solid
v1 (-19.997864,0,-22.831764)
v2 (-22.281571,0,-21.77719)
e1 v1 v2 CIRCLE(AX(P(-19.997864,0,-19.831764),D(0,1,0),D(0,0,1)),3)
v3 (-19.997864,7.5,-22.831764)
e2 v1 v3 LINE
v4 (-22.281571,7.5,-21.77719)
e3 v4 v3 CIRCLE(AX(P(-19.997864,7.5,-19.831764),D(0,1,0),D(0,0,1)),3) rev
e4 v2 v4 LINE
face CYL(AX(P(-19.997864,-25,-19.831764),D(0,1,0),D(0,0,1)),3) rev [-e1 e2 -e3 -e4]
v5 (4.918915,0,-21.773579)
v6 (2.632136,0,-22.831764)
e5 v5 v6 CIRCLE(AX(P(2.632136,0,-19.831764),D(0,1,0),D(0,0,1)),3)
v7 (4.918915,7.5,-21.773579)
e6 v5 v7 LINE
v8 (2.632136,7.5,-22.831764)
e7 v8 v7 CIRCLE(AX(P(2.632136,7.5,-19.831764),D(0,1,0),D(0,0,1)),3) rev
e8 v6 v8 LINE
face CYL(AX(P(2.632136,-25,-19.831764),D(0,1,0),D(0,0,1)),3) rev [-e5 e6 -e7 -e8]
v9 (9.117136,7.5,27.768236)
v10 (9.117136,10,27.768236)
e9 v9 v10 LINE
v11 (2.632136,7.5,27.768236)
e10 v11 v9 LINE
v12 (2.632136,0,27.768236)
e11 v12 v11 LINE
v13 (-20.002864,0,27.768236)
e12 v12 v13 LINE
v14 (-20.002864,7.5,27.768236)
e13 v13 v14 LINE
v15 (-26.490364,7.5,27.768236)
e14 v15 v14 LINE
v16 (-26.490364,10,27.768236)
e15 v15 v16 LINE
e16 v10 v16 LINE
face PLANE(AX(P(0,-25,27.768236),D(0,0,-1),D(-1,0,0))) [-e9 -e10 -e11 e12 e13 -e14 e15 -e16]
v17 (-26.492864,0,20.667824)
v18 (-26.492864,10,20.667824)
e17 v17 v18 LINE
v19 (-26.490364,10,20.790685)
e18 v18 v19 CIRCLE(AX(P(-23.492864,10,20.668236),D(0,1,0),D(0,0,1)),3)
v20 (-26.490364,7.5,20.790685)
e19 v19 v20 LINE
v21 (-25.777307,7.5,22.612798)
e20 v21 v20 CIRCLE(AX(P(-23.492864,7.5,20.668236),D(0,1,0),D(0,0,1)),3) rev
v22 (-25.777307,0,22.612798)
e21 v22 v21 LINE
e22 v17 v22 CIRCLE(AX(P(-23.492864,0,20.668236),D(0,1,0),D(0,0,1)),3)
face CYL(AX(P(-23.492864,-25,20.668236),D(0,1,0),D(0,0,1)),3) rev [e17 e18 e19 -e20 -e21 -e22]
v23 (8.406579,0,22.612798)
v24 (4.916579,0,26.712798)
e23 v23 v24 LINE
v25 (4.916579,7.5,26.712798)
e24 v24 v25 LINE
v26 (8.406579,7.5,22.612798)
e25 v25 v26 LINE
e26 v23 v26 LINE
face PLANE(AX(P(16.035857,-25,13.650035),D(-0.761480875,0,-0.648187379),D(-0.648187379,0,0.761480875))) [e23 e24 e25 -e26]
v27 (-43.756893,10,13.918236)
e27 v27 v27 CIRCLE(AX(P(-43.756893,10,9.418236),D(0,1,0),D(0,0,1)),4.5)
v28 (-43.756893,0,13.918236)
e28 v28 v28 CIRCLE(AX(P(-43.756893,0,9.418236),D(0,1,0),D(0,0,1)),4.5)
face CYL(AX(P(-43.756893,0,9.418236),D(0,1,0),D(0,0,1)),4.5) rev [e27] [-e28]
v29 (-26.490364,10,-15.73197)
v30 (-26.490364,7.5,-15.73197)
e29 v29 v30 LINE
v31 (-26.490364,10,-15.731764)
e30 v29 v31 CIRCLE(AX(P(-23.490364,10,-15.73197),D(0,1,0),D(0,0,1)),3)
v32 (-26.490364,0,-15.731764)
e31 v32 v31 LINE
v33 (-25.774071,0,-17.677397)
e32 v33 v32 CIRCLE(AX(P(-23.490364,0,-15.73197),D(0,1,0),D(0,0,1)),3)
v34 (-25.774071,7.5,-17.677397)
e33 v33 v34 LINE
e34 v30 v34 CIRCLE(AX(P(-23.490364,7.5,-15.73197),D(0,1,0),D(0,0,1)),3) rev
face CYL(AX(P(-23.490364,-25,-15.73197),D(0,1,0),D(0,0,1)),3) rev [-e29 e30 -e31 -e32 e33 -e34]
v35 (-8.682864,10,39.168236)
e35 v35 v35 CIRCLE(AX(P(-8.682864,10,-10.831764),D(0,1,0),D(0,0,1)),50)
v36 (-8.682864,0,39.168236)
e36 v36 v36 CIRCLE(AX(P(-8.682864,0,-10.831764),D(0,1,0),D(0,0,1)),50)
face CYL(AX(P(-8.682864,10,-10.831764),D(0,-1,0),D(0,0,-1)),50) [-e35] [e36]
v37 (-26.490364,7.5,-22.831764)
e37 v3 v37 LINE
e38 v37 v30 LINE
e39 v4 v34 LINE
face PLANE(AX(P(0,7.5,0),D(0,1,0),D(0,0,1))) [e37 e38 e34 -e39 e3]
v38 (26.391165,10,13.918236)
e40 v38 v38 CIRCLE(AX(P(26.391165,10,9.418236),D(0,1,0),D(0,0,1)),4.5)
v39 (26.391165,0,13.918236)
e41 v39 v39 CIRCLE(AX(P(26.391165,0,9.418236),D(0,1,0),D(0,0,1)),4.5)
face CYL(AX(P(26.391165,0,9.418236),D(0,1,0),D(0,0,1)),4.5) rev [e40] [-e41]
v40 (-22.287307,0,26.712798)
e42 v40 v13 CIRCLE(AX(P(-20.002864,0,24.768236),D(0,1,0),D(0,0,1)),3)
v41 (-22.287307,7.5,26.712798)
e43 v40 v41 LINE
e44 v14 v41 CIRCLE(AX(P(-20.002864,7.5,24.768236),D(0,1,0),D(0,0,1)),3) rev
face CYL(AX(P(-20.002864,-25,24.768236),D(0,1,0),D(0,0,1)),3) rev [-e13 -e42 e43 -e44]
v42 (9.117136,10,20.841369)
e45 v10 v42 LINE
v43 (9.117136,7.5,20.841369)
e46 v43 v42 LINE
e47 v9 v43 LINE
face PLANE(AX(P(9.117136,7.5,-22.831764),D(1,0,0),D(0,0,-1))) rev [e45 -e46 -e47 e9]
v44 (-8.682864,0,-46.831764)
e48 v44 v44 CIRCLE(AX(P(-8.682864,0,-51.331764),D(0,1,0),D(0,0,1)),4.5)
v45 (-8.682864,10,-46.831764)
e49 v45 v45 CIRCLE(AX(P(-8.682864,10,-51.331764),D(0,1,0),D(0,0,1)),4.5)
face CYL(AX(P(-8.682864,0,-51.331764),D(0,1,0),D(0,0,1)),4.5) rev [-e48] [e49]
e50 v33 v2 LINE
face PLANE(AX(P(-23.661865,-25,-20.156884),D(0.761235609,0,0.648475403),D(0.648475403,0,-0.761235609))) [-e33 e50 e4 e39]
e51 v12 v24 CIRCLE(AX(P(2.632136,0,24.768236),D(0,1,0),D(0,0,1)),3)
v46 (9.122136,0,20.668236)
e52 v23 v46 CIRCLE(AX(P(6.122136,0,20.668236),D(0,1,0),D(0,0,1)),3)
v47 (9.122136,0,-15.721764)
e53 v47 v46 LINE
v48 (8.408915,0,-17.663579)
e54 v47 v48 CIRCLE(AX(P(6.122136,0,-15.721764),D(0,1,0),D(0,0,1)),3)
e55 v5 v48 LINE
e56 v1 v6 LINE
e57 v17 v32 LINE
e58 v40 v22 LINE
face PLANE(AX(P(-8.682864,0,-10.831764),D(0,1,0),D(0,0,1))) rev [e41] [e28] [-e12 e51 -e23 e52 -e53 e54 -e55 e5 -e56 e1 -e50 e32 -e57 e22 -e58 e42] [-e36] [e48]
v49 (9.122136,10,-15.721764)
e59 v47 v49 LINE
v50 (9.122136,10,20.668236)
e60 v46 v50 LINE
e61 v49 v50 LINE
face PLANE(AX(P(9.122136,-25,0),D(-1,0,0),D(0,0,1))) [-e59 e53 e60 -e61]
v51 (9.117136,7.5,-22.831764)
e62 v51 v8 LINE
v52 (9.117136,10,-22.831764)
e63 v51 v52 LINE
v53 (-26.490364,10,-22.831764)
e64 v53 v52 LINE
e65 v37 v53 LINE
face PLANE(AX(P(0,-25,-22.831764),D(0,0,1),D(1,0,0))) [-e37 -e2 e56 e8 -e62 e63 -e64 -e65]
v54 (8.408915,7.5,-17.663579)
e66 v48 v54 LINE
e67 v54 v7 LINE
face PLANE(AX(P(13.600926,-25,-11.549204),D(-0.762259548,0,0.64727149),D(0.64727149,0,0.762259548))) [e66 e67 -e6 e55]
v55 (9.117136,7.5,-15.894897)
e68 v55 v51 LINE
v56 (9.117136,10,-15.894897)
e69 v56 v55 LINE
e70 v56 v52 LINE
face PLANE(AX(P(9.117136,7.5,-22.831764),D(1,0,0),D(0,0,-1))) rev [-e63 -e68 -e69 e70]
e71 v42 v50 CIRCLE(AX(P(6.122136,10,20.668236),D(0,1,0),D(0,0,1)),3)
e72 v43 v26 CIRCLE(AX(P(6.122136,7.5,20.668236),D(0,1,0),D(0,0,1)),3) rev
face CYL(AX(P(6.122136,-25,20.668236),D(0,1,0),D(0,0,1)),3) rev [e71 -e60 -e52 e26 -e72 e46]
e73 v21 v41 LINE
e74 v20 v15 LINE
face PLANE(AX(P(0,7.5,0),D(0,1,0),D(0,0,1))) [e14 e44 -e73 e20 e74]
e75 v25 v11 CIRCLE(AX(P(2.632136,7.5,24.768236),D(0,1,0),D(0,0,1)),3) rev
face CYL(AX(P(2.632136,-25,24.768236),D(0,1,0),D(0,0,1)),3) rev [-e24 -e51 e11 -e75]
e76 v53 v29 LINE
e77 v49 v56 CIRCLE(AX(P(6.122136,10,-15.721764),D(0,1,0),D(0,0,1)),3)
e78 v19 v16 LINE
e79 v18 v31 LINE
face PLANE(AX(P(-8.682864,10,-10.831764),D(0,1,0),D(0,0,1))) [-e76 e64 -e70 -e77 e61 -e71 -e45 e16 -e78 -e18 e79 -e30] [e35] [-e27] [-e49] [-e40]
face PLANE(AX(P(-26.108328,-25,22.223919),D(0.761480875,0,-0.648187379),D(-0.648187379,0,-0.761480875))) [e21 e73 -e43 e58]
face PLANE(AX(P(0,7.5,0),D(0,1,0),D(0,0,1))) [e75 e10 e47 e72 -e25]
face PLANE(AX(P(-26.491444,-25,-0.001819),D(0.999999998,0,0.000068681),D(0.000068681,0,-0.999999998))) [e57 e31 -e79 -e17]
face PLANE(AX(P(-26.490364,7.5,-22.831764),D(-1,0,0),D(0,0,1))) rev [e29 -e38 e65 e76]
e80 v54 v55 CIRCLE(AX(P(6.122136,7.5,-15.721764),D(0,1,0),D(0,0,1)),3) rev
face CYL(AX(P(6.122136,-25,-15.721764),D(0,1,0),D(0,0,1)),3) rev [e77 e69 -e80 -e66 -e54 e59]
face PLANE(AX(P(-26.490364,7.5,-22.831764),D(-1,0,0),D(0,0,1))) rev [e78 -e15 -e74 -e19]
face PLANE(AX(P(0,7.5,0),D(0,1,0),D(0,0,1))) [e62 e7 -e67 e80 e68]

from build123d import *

# Parameters (mm, degrees)
SKETCH1_R           = 50
BOSS_EXTRUDE1_DEPTH = 10
CUT_EXTRUDE1_DEPTH  = 35
SKETCH5_W           = 35.6075
SKETCH5_H           = 50.6
CUT_EXTRUDE2_DEPTH  = 2.5
SKETCH7_R           = 4.5
CUT_EXTRUDE3_DEPTH  = 10
SKETCH7_3_R         = 4.5
CUT_EXTRUDE4_DEPTH  = 10
SKETCH7_4_R         = 4.5
CUT_EXTRUDE5_DEPTH  = 10


with BuildPart() as part:
    # Sketch1 → Boss-Extrude1 (new body)
    with BuildSketch(Plane(origin=(0, 0, 0), x_dir=(1, 0, 0), z_dir=(0, 1, 0))):
        with Locations((-8.682864084, 10.831764098)):
            Circle(SKETCH1_R)
    extrude(amount=BOSS_EXTRUDE1_DEPTH)

    # Sketch2 → Cut-Extrude1 (cut)
    with BuildSketch(Plane(origin=(0, 10, 0), x_dir=(1, 0, 0), z_dir=(0, 1, 0))):
        with BuildLine():
            Line((-20.002864084, -27.768235902), (2.632135916, -27.768235902))
            ThreePointArc((2.632135916, -27.768235902), (3.890371505, -27.491624086), (4.91657854, -26.712798037))
            Line((4.91657854, -26.712798037), (8.40657854, -22.612798037))
            ThreePointArc((8.40657854, -22.612798037), (8.937569086, -21.704255238), (9.122135916, -20.668235902))
            Line((9.122135916, -20.668235902), (9.122135916, 15.721764098))
            ThreePointArc((9.122135916, 15.721764098), (8.938191307, 16.756090949), (8.40891456, 17.663578567))
            Line((8.40891456, 17.663578567), (4.91891456, 21.773578567))
            ThreePointArc((4.91891456, 21.773578567), (3.892008249, 22.554395492), (2.632135916, 22.831764098))
            Line((2.632135916, 22.831764098), (-19.997864084, 22.831764098))
            ThreePointArc((-19.997864084, 22.831764098), (-21.255584517, 22.555390231), (-22.28157091, 21.777190306))
            Line((-22.28157091, 21.777190306), (-25.774070917, 17.677396608))
            ThreePointArc((-25.774070917, 17.677396608), (-26.30563684, 16.768425583), (-26.490364084, 15.731764356))
            Line((-26.490364084, 15.731764356), (-26.492864056, -20.667823814))
            ThreePointArc((-26.492864056, -20.667823814), (-26.308368402, -21.704061868), (-25.777306707, -22.612798037))
            Line((-25.777306707, -22.612798037), (-22.287306707, -26.712798037))
            ThreePointArc((-22.287306707, -26.712798037), (-21.261099672, -27.491624086), (-20.002864084, -27.768235902))
        make_face()
    extrude(amount=-CUT_EXTRUDE1_DEPTH, mode=Mode.SUBTRACT)

    # Sketch5 → Cut-Extrude2 (cut)
    with BuildSketch(Plane(origin=(0, 10, 0), x_dir=(1, 0, 0), z_dir=(0, 1, 0))):
        with Locations((-8.686614084, -2.468235902)):
            Rectangle(SKETCH5_W, SKETCH5_H)
    extrude(amount=-CUT_EXTRUDE2_DEPTH, mode=Mode.SUBTRACT)

    # Sketch7 → Cut-Extrude3 (cut)
    with BuildSketch(Plane(origin=(0, 10, 0), x_dir=(1, 0, 0), z_dir=(0, 1, 0))):
        with Locations((26.391164769, -9.418235902)):
            Circle(SKETCH7_R)
    extrude(amount=-CUT_EXTRUDE3_DEPTH, mode=Mode.SUBTRACT)

    # Sketch7<3> → Cut-Extrude4 (cut)
    with BuildSketch(Plane(origin=(0, 10, 0), x_dir=(1, 0, 0), z_dir=(0, 1, 0))):
        with Locations((-43.756892937, -9.418235902)):
            Circle(SKETCH7_3_R)
    extrude(amount=-CUT_EXTRUDE4_DEPTH, mode=Mode.SUBTRACT)

    # Sketch7<4> → Cut-Extrude5 (cut)
    with BuildSketch(Plane(origin=(0, 10, 0), x_dir=(1, 0, 0), z_dir=(0, 1, 0))):
        with Locations((-8.682864084, 51.331764098)):
            Circle(SKETCH7_4_R)
    extrude(amount=-CUT_EXTRUDE5_DEPTH, mode=Mode.SUBTRACT)


solid = part.part
